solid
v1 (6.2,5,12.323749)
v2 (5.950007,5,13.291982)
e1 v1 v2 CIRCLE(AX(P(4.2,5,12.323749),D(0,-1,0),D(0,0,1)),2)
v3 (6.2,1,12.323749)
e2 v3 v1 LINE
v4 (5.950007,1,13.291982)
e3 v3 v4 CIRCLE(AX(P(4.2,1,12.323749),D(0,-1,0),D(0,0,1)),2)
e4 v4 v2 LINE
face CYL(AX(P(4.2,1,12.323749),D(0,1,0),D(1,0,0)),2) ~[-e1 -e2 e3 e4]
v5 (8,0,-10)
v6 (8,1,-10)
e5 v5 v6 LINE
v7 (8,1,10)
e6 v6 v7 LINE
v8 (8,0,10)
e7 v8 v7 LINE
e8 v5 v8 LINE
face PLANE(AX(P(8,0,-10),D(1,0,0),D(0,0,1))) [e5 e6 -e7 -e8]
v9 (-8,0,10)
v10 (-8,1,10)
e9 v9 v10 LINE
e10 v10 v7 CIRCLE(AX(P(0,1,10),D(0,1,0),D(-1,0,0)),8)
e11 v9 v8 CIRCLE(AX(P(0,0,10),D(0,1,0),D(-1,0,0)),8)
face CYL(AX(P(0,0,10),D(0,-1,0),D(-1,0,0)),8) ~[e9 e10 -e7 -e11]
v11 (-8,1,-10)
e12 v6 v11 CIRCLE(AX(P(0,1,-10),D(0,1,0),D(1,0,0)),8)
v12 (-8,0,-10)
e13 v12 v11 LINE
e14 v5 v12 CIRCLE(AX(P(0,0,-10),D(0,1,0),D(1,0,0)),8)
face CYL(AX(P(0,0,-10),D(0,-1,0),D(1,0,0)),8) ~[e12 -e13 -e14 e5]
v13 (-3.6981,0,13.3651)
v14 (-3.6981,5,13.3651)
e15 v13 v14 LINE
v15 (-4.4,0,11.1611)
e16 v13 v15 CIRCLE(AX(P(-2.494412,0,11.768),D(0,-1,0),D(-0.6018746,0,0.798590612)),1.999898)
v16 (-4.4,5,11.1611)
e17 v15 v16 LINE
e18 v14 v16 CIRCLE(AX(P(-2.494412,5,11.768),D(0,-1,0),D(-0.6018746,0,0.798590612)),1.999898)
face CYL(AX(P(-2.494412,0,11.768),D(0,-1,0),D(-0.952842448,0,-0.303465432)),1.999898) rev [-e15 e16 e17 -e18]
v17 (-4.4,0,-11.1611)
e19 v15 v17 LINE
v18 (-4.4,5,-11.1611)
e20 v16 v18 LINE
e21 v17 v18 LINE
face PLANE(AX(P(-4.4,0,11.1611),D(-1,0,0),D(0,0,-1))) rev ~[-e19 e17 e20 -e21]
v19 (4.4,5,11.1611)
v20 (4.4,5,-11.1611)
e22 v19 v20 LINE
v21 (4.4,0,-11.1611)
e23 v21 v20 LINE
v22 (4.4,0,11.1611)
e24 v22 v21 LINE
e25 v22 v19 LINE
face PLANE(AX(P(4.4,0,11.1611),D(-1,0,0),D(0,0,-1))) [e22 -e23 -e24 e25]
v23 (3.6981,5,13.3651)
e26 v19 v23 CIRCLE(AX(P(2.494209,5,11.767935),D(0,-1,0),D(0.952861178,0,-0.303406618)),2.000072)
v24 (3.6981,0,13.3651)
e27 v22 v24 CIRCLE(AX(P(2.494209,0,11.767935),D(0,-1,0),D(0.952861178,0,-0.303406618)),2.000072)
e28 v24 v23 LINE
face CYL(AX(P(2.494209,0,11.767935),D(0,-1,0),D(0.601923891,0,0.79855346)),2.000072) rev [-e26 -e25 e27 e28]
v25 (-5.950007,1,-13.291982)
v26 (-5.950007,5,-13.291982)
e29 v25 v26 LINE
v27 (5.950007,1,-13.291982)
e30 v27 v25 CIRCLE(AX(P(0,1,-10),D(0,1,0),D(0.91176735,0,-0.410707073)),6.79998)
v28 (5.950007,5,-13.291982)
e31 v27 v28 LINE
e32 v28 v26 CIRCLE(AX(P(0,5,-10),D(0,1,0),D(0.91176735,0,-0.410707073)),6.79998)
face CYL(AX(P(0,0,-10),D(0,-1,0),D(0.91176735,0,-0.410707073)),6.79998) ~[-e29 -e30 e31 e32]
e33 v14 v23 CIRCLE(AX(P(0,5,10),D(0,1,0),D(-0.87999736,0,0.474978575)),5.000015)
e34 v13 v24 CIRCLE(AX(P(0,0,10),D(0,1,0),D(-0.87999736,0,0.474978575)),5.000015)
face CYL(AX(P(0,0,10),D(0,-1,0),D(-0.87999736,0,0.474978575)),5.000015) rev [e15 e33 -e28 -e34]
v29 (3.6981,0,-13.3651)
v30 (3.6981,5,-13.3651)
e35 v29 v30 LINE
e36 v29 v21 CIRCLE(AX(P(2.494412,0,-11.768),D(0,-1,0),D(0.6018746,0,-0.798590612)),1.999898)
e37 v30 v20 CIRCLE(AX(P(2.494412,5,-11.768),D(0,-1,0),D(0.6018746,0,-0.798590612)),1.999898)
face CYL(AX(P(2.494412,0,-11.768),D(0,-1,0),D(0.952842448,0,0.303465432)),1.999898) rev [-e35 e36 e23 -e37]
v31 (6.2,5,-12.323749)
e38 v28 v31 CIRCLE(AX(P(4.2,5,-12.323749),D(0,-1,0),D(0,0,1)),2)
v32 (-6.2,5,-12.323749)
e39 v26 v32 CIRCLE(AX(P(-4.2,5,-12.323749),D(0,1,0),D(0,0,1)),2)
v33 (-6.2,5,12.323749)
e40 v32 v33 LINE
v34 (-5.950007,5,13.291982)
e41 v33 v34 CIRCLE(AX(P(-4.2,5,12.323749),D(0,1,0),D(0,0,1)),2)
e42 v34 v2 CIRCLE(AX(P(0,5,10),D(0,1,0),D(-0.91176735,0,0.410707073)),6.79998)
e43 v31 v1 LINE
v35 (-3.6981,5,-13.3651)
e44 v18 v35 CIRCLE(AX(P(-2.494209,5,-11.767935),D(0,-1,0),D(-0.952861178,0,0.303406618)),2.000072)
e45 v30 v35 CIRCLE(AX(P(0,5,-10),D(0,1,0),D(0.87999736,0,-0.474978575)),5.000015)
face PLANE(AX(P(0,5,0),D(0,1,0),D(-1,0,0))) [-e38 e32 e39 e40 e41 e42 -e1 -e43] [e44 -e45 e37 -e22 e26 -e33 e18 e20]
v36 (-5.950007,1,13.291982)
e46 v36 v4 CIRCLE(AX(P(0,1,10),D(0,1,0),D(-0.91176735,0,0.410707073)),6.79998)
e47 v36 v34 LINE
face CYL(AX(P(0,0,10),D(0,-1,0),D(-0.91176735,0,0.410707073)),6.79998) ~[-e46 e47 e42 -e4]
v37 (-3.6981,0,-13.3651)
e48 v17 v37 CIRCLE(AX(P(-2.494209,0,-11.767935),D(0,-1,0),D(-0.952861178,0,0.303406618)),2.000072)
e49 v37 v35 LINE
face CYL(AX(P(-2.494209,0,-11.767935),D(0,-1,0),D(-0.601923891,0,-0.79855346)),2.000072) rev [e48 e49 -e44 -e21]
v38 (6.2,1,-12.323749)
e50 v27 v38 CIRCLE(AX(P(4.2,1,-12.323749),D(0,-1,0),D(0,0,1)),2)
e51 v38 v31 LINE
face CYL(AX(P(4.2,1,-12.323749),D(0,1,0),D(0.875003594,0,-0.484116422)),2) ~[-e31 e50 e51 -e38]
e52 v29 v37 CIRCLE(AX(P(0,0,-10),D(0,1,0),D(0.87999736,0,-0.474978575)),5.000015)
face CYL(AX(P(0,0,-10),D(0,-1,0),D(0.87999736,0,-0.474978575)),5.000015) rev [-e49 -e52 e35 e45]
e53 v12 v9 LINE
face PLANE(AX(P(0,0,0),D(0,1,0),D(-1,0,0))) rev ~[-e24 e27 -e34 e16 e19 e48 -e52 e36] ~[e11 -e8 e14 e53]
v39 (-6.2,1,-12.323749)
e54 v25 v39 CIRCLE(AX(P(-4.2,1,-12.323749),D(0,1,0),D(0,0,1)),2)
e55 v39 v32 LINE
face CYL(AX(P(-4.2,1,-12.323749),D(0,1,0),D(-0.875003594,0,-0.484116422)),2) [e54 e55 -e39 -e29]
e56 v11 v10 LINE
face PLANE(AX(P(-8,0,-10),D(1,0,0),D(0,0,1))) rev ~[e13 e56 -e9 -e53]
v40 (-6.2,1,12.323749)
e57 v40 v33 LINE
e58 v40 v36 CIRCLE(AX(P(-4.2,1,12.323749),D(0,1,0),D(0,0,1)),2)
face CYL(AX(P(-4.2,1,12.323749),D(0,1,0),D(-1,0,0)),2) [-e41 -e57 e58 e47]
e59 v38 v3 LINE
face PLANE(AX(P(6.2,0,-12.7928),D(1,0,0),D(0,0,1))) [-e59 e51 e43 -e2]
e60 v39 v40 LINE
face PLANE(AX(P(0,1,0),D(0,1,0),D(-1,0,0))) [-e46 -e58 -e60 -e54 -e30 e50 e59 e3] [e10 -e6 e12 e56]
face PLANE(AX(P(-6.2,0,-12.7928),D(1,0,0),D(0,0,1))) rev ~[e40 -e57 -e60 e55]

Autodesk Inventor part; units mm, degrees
ref_plane "YZ Plane" through (0, 0, 0) normal (1, 0, 0) x (0, 1, 0)
ref_plane "XZ Plane" through (0, 0, 0) normal (0, 1, 0) x (-1, 0, 0)
ref_plane "XY Plane" through (0, 0, 0) normal (0, 0, 1) x (1, 0, 0)
sketch "Sketch1" plane through (0, 0, 0) normal (0, 1, 0) x (-1, 0, 0)
  line L0 (6.25, 12.8036) -> (6.25, -12.8036) construction
  arc A0 (6.25, 12.8036) -> (-6.25, 12.8036) centre (0, 10) ccw construction
  arc A1 (4.4, 12.3749) -> (-4.4, 12.3749) centre (0, 10) ccw
  line L1 (4.4, 12.3749) -> (4.4, -12.3749)
  line L2 (-6.25, 12.8036) -> (-6.25, -12.8036) construction
  arc A2 (-6.25, -12.8036) -> (6.25, -12.8036) centre (0, -10) ccw construction
  arc A3 (-4.4, -12.3749) -> (4.4, -12.3749) centre (0, -10) ccw
  line L3 (-8, 0) -> (8, 0) construction
  circle A4 centre (0, -10) radius 7 construction
  arc A5 (3.6981, -13.3651) -> (4.4, -11.1611) centre (2.4943, -11.768) ccw
  line L4 (-4.4, 12.3749) -> (-4.4, -12.3749)
  arc A6 (-4.4, -11.1611) -> (-3.6981, -13.3651) centre (-2.4943, -11.768) ccw
  arc A7 (4.4, 11.1611) -> (3.6981, 13.3651) centre (2.4943, 11.768) ccw
  arc A8 (-3.6981, 13.3651) -> (-4.4, 11.1611) centre (-2.4943, 11.768) ccw
  arc A9 (-8, -10) -> (8, -10) centre (0, -10) ccw
  line L5 (8, -10) -> (8, 10)
  arc A10 (8, 10) -> (-8, 10) centre (0, 10) ccw
  line L6 (0, 10) -> (0, -10)
  line L7 (6.2, -12.7928) -> (6.2, 12.7928)
  arc A11 (6.2, 12.7928) -> (-6.2, 12.7928) centre (0, 10) ccw
  line L8 (-6.2, -12.7928) -> (-6.2, 12.7928)
  arc A12 (-6.2, -12.7928) -> (6.2, -12.7928) centre (0, -10) ccw
  line L9 (-8, -10) -> (-8, 10)
  point P0 (0, 0)
  point P1 (0, 0)
  point P2 (-3.6981, -13.3651)
  point P3 (4.4, 11.1611)
  point P4 (-6.2, -12.7928)
  dimension "d5" = 12.5
  dimension "d0" = 14
  dimension "d1" = 2
  dimension "d2" = 1
  dimension "d3" = 20
  dimension "d4" = 8.8
  dimension "d7" = 1.85
  dimension "d8" = 5
  dimension "d14" = 0.05
  dimension "d15" = 0.05
extrude "Extrusion1" add sketch "Sketch1" along normal blind 5 contours A12 L8 A11 L7
extrude "Extrusion2" add sketch "Sketch1" along normal blind 1 contours L9 A10 L5 A9
fillet "Fillet1" radius 2 4 edges at (6.2, 3, 12.7928) (6.2, 3, -12.7928) (-6.2, 3, -12.7928) (-6.2, 3, 12.7928)
equation "\"d7\" = -0.5 * d4 + 0.5 * d5"
equation "\"d15\" = d14"
properties part number "SliderProtectionFrame" material "Aluminum 7075"
